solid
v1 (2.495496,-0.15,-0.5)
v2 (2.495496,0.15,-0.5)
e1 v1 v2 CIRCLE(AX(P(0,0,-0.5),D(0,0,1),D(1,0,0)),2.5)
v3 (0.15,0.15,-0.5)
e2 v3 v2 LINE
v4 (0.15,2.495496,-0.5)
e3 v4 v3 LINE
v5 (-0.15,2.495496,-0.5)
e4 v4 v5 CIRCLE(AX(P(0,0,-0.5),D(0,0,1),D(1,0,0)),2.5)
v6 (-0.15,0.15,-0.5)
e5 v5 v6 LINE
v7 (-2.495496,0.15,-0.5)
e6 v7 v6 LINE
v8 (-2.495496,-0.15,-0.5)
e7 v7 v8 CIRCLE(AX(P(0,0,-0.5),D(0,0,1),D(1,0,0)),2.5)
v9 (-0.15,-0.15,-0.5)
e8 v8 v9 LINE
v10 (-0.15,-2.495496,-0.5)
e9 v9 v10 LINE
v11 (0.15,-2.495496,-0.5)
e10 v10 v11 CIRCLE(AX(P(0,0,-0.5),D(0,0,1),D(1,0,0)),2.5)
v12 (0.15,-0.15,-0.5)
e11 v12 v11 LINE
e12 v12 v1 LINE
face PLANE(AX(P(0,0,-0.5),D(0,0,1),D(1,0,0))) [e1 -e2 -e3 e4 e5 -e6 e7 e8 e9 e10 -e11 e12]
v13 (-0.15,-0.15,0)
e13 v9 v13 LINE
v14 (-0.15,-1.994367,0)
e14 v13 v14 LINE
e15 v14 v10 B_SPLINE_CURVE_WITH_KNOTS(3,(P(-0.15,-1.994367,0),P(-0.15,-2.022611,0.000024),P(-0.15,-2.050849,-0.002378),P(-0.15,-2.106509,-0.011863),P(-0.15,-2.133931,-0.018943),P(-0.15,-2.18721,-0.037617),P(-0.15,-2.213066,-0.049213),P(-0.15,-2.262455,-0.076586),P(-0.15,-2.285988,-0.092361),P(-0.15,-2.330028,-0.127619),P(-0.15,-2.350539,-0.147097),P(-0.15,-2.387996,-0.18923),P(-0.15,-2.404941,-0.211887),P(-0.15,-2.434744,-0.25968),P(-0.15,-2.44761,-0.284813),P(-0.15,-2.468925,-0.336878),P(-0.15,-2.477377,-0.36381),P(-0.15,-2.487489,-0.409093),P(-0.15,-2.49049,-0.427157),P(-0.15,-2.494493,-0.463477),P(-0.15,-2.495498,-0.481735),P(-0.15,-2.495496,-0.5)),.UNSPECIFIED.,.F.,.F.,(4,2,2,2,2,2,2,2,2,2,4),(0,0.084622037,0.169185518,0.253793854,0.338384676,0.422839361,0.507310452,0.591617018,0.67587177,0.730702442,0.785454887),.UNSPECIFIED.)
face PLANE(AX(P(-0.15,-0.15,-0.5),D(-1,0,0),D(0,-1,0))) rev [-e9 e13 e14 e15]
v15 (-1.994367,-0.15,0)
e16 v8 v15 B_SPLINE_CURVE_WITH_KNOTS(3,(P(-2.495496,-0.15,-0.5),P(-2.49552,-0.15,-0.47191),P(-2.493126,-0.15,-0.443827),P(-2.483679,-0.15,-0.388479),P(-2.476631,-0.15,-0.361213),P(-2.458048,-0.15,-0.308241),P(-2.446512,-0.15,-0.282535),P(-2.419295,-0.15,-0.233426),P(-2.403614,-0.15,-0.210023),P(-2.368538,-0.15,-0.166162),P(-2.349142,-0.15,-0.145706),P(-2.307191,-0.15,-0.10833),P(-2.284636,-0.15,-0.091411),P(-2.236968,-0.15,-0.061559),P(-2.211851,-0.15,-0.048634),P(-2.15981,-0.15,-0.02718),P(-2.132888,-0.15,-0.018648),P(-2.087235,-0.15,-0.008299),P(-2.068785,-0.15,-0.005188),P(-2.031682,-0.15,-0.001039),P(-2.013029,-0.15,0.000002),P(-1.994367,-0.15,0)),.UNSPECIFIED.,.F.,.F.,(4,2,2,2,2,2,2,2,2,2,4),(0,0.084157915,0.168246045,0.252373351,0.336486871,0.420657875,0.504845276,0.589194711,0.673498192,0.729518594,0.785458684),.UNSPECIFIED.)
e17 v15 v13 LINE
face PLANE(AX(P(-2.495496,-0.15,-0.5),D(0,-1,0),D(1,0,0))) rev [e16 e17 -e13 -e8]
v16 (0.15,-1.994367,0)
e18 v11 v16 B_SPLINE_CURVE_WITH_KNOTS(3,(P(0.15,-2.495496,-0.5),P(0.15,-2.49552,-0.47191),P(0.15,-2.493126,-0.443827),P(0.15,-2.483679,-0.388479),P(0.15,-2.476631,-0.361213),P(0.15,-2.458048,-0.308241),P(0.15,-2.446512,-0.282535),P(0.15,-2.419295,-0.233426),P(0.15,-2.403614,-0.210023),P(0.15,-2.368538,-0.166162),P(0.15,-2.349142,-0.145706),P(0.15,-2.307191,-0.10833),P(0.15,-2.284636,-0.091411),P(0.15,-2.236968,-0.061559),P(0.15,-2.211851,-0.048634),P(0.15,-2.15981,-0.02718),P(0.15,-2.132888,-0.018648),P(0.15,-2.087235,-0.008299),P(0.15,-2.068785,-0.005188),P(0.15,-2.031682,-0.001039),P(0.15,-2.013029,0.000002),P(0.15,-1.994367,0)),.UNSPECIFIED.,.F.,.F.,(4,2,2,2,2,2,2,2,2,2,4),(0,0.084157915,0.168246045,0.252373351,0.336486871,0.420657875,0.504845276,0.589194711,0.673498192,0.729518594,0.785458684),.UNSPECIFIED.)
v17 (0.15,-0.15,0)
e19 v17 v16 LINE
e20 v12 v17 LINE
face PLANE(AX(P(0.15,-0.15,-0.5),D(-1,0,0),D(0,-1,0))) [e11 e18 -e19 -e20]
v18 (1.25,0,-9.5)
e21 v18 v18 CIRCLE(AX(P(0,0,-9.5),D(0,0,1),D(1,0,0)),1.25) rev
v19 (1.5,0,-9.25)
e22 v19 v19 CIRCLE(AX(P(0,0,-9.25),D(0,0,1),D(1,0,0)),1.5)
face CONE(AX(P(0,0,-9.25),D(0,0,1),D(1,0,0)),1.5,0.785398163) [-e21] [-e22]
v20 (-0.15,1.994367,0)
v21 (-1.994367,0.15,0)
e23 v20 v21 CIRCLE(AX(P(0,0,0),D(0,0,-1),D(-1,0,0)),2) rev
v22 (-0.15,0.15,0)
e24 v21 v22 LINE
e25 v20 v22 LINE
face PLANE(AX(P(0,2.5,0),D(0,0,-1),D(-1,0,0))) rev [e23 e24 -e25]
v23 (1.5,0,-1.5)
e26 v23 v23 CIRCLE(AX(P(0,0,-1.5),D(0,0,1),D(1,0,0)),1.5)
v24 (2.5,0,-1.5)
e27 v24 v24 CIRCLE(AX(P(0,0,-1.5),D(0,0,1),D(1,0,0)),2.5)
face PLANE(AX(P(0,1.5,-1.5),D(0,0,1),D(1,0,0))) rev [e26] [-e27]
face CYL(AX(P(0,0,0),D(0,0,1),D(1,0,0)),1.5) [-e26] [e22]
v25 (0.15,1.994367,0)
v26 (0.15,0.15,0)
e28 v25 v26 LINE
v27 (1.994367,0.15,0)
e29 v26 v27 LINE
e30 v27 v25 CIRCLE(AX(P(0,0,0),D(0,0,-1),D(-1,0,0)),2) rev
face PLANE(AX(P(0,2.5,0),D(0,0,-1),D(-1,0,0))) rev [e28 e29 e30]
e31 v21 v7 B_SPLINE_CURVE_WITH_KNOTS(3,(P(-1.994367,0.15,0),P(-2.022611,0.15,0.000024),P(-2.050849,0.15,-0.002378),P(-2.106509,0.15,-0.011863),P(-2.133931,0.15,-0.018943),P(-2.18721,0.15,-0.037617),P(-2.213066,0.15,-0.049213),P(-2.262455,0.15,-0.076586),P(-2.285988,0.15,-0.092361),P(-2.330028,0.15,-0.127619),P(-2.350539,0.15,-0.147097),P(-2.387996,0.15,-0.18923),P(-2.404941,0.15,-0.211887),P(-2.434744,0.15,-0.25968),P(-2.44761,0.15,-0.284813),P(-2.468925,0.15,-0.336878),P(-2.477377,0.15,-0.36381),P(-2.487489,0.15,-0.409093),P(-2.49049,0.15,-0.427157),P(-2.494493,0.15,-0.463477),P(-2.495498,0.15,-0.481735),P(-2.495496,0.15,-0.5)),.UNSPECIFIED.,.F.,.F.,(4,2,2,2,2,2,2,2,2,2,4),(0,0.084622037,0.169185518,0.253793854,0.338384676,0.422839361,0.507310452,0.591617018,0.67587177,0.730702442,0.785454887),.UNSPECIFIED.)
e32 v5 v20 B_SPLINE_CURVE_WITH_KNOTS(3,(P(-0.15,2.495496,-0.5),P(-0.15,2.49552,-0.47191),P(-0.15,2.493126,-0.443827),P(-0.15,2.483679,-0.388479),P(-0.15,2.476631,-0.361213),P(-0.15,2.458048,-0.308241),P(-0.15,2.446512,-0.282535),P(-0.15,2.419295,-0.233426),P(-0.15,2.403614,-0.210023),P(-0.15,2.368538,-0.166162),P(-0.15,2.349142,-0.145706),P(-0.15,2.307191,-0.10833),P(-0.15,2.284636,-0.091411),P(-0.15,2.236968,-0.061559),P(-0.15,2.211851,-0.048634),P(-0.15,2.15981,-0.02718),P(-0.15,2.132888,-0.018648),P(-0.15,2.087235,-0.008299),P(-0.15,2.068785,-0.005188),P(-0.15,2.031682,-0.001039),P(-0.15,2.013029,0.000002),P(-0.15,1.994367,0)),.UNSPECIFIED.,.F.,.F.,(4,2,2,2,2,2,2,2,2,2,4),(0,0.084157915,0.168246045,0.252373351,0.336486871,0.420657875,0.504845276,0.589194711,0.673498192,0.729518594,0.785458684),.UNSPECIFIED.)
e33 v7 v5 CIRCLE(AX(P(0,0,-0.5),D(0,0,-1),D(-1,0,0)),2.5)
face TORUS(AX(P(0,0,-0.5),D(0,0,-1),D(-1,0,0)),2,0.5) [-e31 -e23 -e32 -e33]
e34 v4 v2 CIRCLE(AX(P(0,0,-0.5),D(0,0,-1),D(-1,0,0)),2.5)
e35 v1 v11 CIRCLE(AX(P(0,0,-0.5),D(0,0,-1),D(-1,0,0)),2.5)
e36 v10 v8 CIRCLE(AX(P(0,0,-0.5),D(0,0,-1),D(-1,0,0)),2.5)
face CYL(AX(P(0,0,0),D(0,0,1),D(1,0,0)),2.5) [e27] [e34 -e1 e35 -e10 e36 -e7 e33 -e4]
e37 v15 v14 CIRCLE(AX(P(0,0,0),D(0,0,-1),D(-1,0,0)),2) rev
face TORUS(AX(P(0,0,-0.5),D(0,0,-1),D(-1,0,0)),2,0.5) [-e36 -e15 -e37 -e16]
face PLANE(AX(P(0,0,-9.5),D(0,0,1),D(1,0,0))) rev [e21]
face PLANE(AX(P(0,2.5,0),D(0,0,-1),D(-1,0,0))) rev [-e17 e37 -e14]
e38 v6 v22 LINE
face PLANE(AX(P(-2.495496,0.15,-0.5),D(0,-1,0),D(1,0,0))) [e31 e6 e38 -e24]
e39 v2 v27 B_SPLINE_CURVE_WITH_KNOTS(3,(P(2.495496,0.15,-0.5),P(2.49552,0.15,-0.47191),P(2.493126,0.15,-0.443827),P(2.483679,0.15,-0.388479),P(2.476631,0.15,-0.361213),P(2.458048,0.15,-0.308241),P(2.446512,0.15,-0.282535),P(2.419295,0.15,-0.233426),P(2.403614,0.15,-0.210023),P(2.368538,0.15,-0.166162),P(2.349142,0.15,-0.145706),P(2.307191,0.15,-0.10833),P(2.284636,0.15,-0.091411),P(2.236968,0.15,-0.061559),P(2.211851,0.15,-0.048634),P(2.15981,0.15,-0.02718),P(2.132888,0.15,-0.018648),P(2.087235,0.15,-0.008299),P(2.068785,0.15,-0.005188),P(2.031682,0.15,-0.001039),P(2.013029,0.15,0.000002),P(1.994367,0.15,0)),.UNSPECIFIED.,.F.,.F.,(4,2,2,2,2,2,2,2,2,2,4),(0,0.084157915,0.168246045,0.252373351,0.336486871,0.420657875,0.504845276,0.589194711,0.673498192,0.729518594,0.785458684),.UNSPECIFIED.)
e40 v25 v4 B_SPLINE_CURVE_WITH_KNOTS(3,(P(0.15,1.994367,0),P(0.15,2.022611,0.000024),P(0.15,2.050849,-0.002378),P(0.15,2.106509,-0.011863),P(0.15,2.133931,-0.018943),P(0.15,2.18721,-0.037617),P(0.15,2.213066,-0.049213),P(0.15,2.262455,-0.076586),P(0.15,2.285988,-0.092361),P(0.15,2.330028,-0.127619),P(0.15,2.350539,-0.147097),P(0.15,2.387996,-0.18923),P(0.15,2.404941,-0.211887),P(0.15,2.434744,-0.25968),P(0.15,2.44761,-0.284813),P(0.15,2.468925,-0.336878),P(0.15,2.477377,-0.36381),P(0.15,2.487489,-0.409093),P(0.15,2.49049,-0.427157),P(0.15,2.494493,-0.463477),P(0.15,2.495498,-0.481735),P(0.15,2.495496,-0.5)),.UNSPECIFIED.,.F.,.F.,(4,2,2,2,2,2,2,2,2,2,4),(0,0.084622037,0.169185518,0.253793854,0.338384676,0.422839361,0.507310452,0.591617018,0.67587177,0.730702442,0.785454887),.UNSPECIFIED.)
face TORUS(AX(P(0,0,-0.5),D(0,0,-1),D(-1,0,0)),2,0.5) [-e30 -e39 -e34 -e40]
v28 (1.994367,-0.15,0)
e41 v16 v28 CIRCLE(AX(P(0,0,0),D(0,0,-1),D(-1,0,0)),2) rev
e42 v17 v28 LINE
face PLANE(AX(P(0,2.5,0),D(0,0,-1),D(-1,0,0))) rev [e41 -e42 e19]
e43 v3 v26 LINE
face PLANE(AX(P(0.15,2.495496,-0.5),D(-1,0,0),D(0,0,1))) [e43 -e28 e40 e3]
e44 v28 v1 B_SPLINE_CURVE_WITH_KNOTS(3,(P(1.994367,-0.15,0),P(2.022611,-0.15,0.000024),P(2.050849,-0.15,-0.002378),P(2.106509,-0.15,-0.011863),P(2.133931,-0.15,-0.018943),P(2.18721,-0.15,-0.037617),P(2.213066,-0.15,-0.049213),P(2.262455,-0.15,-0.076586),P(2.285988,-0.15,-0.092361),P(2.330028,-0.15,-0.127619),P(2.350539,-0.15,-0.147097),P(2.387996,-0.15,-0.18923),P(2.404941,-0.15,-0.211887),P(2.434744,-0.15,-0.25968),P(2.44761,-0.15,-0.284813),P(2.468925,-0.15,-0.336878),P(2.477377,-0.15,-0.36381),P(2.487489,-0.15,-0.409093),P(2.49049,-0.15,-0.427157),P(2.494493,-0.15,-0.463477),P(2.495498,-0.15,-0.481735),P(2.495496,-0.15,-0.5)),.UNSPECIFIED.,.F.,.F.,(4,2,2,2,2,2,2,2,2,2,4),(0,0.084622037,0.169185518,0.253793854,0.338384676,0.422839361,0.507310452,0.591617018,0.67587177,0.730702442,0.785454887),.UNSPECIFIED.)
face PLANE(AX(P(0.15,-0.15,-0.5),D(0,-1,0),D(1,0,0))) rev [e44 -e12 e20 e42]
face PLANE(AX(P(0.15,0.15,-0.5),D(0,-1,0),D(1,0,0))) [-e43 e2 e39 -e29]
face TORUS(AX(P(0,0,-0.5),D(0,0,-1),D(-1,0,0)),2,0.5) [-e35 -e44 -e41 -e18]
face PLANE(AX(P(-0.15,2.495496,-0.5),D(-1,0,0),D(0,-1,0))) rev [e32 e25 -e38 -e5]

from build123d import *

# Parameters (mm, degrees)
CHAMFER1_SIZE      = 0.25
CUT_EXTRUDE1_DEPTH = 0.5
FILLET7_R          = 0.5


with BuildPart() as part:
    # Sketch1 → Revolve1 (revolve)
    with BuildSketch(Plane(origin=(0, 0, 0), x_dir=(0, 0, -1), z_dir=(1, 0, 0))):
        Polygon((9.5, 0), (9.5, 1.5), (1.5, 1.5), (1.5, 2.5), (0, 2.5), (0, 0), align=None)
    revolve(axis=Axis((0, 0, 0), (0, 0, -1)))

    # Chamfer1
    chamfer1_edges = [part.edges().sort_by_distance(p)[0] for p in [
        (0, -1.5, -9.5),
    ]]
    chamfer(chamfer1_edges, length=CHAMFER1_SIZE)

    # Sketch2 → Cut-Extrude1 (cut)
    with BuildSketch(Plane.XY):
        with BuildLine():
            Line((-0.15, 2.495495943), (-0.15, 0.15))
            Line((-0.15, 0.15), (-2.495495943, 0.15))
            ThreePointArc((-2.495495943, 0.15), (-2.5, 0), (-2.495495943, -0.15))
            Line((-2.495495943, -0.15), (-0.15, -0.15))
            Line((-0.15, -0.15), (-0.15, -2.495495943))
            ThreePointArc((-0.15, -2.495495943), (0, -2.5), (0.15, -2.495495943))
            Line((0.15, -2.495495943), (0.15, -0.15))
            Line((0.15, -0.15), (2.495495943, -0.15))
            ThreePointArc((2.495495943, -0.15), (2.5, 0), (2.495495943, 0.15))
            Line((2.495495943, 0.15), (0.15, 0.15))
            Line((0.15, 0.15), (0.15, 2.495495943))
            ThreePointArc((0.15, 2.495495943), (0, 2.5), (-0.15, 2.495495943))
        make_face()
    extrude(amount=-CUT_EXTRUDE1_DEPTH, mode=Mode.SUBTRACT)

    # Fillet7
    fillet7_edges = [part.edges().sort_by_distance(p)[0] for p in [
        (-1.767766953, -1.767766953, 0),
        (1.767766953, -1.767766953, 0),
        (1.767766953, 1.767766953, 0),
        (-1.767766953, 1.767766953, 0),
    ]]
    fillet(fillet7_edges, radius=FILLET7_R)


solid = part.part
